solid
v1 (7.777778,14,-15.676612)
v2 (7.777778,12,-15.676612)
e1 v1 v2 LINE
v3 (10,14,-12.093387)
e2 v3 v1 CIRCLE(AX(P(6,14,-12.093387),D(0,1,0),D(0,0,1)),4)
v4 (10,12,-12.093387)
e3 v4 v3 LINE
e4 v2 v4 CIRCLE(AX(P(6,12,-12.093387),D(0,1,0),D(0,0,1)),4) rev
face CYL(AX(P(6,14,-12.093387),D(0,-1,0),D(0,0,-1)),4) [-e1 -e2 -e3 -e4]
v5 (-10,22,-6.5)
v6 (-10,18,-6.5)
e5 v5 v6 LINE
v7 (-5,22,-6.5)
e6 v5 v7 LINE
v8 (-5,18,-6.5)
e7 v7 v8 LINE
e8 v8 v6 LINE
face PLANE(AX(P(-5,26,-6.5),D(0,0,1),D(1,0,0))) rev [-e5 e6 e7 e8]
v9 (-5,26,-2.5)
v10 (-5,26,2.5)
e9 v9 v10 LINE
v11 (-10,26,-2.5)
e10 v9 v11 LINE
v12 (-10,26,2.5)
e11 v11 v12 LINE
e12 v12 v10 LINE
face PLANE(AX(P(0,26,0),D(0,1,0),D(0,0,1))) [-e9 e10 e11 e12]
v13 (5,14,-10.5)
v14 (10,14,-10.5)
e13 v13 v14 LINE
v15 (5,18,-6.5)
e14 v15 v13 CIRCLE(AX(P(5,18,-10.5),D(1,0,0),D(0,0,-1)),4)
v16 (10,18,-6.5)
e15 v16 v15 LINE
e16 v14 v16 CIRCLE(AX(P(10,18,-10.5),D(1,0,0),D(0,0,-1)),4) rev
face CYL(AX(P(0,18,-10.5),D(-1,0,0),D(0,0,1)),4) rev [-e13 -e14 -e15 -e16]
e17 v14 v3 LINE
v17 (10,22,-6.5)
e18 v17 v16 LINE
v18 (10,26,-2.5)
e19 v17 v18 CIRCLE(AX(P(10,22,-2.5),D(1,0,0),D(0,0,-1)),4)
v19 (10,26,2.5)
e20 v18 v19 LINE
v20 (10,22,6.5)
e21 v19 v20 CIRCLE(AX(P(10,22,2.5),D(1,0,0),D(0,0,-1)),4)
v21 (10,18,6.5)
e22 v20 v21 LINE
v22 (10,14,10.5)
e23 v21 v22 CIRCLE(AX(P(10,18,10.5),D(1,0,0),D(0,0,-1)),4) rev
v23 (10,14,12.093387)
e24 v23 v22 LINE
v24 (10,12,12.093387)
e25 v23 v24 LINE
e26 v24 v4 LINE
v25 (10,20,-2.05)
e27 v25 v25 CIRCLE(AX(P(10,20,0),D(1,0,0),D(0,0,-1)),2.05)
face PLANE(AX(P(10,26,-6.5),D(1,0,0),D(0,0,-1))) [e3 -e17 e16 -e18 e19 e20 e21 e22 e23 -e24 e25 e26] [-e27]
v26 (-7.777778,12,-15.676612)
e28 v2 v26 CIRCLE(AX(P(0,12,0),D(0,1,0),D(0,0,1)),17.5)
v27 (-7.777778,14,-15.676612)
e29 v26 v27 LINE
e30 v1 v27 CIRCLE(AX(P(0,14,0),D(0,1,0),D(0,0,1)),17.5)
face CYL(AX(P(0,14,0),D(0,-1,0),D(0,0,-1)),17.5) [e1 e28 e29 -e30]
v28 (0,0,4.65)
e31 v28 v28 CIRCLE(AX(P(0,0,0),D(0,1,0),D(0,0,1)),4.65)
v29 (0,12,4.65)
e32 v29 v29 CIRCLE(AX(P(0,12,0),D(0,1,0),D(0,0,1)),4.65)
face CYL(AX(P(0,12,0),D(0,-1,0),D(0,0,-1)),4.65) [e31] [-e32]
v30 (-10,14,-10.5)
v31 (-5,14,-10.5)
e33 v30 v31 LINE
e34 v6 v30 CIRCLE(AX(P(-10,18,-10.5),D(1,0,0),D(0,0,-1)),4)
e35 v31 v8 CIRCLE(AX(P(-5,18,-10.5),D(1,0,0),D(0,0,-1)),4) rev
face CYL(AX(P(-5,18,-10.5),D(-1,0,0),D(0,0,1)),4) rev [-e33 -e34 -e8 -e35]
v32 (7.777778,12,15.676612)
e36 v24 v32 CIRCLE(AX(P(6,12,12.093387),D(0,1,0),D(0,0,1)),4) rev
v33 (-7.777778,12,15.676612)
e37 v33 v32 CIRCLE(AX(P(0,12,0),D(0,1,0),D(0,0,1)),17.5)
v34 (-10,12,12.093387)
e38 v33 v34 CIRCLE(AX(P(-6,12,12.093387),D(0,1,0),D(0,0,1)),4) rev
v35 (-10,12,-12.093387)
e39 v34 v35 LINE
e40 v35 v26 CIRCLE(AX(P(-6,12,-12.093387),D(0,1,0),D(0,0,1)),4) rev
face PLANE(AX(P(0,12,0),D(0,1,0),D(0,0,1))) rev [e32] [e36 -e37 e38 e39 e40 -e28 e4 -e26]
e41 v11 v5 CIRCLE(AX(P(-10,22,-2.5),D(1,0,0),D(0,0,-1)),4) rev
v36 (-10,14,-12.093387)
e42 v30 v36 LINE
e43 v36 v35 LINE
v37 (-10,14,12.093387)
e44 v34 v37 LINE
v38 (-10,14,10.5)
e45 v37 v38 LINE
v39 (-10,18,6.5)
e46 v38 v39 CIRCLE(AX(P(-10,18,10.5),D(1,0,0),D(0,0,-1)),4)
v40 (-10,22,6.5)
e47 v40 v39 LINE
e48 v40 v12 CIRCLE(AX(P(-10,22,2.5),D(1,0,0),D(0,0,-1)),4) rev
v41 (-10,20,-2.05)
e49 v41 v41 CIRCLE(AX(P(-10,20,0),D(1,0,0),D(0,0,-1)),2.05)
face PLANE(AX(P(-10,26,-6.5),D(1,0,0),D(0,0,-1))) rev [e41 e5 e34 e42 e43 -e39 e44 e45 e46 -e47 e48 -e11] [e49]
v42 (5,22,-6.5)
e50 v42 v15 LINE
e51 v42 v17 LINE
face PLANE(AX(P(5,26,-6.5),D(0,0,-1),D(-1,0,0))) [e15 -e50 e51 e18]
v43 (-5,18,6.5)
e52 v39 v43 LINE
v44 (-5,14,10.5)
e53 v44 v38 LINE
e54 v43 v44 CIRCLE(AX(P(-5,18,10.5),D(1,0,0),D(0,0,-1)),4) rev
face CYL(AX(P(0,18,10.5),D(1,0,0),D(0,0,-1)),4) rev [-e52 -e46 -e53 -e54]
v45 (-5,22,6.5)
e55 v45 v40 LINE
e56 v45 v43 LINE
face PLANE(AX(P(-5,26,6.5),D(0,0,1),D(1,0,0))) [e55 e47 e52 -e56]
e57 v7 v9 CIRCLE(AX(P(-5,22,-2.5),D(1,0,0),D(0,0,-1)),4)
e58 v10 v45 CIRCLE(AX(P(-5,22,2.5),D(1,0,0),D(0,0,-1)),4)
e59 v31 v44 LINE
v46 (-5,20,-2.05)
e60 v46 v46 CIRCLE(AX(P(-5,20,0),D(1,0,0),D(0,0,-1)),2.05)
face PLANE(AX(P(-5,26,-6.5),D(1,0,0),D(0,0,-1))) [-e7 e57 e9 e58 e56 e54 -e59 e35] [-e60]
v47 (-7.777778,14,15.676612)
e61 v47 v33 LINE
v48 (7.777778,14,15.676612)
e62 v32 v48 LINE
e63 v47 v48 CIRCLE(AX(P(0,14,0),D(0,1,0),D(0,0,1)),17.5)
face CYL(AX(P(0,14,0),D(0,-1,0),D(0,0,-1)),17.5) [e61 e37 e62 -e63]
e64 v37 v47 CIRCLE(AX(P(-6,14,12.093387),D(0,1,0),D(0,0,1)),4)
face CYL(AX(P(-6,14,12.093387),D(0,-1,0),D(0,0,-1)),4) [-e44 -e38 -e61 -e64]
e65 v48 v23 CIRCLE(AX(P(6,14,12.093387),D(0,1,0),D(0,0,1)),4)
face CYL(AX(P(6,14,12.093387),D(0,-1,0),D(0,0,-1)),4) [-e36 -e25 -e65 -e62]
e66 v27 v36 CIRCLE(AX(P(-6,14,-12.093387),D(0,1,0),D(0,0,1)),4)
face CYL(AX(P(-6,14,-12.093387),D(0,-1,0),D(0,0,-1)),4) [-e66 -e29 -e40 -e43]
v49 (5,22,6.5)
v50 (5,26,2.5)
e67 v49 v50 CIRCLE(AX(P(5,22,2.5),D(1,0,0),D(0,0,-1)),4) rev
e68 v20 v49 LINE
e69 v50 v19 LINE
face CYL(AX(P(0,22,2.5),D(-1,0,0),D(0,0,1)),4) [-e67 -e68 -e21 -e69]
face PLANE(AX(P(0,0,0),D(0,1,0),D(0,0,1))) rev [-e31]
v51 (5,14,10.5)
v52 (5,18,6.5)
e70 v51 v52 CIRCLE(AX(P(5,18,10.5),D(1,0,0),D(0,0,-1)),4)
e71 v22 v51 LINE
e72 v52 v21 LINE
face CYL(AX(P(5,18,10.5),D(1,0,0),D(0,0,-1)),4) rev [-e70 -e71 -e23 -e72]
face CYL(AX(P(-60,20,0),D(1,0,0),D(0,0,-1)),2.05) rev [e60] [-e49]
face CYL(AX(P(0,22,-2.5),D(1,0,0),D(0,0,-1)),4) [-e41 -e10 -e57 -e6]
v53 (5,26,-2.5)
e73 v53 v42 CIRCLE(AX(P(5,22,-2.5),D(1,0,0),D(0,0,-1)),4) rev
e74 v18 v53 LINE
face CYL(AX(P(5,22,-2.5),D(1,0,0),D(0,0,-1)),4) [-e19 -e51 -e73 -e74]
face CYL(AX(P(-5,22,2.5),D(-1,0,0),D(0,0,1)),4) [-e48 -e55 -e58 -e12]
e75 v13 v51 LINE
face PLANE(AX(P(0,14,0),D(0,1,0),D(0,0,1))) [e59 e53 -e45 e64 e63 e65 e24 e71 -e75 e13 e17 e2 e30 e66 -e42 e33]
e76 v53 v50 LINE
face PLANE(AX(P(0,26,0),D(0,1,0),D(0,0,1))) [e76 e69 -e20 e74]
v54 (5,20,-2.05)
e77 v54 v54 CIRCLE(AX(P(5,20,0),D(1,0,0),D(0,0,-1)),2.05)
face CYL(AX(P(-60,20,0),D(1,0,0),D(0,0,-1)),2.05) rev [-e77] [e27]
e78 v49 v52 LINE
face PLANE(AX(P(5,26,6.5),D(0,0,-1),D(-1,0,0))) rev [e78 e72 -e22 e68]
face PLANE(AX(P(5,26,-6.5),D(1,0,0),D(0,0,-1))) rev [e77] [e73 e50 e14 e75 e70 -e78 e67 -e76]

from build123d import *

# Parameters (mm, degrees)
SKETCH1_R           = 4.65
BOSS_EXTRUDE1_DEPTH = 12
SKETCH2_R           = 17.5
BOSS_EXTRUDE2_DEPTH = 2
SKETCH3_W           = 5
SKETCH3_H           = 13
BOSS_EXTRUDE3_DEPTH = 12
FILLET1_R           = 4
FILLET2_R           = 4
CUT_EXTRUDE1_DEPTH  = 29.434134416
SKETCH5_R           = 2.05
CUT_EXTRUDE2_DEPTH  = 70
FILLET3_R           = 4


with BuildPart() as part:
    # Sketch1 → Boss-Extrude1 (new body)
    with BuildSketch(Plane(origin=(0, 0, 0), x_dir=(1, 0, 0), z_dir=(0, 1, 0))):
        with Locations(Location((0, 0, 0), (0, 0, 270))):
            Circle(SKETCH1_R)
    extrude(amount=BOSS_EXTRUDE1_DEPTH)

    # Sketch2 → Boss-Extrude2 (add)
    with BuildSketch(Plane(origin=(0, 12, 0), x_dir=(1, 0, 0), z_dir=(0, 1, 0))):
        with Locations(Location((0, 0, 0), (0, 0, 270))):
            Circle(SKETCH2_R)
    extrude(amount=BOSS_EXTRUDE2_DEPTH)

    # Sketch3 → Boss-Extrude3 (add)
    with BuildSketch(Plane(origin=(0, 14, 0), x_dir=(1, 0, 0), z_dir=(0, 1, 0))):
        with Locations((7.5, 0)):
            Rectangle(SKETCH3_W, SKETCH3_H)
    boss_extrude3 = extrude(amount=BOSS_EXTRUDE3_DEPTH)

    # Mirror1: Boss-Extrude3 across plane
    add(boss_extrude3.mirror(Plane(origin=(0, 0, 0), x_dir=(0, 0, 1), z_dir=(1, 0, 0))))

    # Fillet1
    fillet1_edges = [part.edges().sort_by_distance(p)[0] for p in [
        (7.5, 26, -6.5),
        (7.5, 26, 6.5),
        (-7.5, 26, 6.5),
        (-7.5, 26, -6.5),
    ]]
    fillet(fillet1_edges, radius=FILLET1_R)

    # Fillet2
    fillet2_edges = [part.edges().sort_by_distance(p)[0] for p in [
        (7.5, 14, 6.5),
        (7.5, 14, -6.5),
        (-7.5, 14, -6.5),
        (-7.5, 14, 6.5),
    ]]
    fillet(fillet2_edges, radius=FILLET2_R)

    # Sketch4 → Cut-Extrude1 (cut, through all)
    with BuildSketch(Plane(origin=(0, 14, 0), x_dir=(1, 0, 0), z_dir=(0, 1, 0))):
        with BuildLine():
            Line((10, 14.361406616), (10, 0))
            Line((10, 0), (10, -14.361406616))
            ThreePointArc((10, -14.361406616), (15.512092057, -8.100925873), (17.5, 0))
            ThreePointArc((17.5, 0), (15.512092057, 8.100925873), (10, 14.361406616))
        make_face()
    cut_extrude1 = extrude(amount=-CUT_EXTRUDE1_DEPTH, mode=Mode.SUBTRACT)

    # Mirror2: Cut-Extrude1 across plane
    add(cut_extrude1.mirror(Plane(origin=(0, 0, 0), x_dir=(0, 0, 1), z_dir=(1, 0, 0))), mode=Mode.SUBTRACT)

    # Sketch5 → Cut-Extrude2 (cut)
    with BuildSketch(Plane(origin=(10, 0, 0), x_dir=(0, 0, -1), z_dir=(1, 0, 0))):
        with Locations((0, 20)):
            Circle(SKETCH5_R)
    extrude(amount=-CUT_EXTRUDE2_DEPTH, mode=Mode.SUBTRACT)

    # Fillet3
    fillet3_edges = [part.edges().sort_by_distance(p)[0] for p in [
        (10, 13, -14.361406616),
        (10, 13, 14.361406616),
        (-10, 13, 14.361406616),
        (-10, 13, -14.361406616),
    ]]
    fillet(fillet3_edges, radius=FILLET3_R)


solid = part.part
